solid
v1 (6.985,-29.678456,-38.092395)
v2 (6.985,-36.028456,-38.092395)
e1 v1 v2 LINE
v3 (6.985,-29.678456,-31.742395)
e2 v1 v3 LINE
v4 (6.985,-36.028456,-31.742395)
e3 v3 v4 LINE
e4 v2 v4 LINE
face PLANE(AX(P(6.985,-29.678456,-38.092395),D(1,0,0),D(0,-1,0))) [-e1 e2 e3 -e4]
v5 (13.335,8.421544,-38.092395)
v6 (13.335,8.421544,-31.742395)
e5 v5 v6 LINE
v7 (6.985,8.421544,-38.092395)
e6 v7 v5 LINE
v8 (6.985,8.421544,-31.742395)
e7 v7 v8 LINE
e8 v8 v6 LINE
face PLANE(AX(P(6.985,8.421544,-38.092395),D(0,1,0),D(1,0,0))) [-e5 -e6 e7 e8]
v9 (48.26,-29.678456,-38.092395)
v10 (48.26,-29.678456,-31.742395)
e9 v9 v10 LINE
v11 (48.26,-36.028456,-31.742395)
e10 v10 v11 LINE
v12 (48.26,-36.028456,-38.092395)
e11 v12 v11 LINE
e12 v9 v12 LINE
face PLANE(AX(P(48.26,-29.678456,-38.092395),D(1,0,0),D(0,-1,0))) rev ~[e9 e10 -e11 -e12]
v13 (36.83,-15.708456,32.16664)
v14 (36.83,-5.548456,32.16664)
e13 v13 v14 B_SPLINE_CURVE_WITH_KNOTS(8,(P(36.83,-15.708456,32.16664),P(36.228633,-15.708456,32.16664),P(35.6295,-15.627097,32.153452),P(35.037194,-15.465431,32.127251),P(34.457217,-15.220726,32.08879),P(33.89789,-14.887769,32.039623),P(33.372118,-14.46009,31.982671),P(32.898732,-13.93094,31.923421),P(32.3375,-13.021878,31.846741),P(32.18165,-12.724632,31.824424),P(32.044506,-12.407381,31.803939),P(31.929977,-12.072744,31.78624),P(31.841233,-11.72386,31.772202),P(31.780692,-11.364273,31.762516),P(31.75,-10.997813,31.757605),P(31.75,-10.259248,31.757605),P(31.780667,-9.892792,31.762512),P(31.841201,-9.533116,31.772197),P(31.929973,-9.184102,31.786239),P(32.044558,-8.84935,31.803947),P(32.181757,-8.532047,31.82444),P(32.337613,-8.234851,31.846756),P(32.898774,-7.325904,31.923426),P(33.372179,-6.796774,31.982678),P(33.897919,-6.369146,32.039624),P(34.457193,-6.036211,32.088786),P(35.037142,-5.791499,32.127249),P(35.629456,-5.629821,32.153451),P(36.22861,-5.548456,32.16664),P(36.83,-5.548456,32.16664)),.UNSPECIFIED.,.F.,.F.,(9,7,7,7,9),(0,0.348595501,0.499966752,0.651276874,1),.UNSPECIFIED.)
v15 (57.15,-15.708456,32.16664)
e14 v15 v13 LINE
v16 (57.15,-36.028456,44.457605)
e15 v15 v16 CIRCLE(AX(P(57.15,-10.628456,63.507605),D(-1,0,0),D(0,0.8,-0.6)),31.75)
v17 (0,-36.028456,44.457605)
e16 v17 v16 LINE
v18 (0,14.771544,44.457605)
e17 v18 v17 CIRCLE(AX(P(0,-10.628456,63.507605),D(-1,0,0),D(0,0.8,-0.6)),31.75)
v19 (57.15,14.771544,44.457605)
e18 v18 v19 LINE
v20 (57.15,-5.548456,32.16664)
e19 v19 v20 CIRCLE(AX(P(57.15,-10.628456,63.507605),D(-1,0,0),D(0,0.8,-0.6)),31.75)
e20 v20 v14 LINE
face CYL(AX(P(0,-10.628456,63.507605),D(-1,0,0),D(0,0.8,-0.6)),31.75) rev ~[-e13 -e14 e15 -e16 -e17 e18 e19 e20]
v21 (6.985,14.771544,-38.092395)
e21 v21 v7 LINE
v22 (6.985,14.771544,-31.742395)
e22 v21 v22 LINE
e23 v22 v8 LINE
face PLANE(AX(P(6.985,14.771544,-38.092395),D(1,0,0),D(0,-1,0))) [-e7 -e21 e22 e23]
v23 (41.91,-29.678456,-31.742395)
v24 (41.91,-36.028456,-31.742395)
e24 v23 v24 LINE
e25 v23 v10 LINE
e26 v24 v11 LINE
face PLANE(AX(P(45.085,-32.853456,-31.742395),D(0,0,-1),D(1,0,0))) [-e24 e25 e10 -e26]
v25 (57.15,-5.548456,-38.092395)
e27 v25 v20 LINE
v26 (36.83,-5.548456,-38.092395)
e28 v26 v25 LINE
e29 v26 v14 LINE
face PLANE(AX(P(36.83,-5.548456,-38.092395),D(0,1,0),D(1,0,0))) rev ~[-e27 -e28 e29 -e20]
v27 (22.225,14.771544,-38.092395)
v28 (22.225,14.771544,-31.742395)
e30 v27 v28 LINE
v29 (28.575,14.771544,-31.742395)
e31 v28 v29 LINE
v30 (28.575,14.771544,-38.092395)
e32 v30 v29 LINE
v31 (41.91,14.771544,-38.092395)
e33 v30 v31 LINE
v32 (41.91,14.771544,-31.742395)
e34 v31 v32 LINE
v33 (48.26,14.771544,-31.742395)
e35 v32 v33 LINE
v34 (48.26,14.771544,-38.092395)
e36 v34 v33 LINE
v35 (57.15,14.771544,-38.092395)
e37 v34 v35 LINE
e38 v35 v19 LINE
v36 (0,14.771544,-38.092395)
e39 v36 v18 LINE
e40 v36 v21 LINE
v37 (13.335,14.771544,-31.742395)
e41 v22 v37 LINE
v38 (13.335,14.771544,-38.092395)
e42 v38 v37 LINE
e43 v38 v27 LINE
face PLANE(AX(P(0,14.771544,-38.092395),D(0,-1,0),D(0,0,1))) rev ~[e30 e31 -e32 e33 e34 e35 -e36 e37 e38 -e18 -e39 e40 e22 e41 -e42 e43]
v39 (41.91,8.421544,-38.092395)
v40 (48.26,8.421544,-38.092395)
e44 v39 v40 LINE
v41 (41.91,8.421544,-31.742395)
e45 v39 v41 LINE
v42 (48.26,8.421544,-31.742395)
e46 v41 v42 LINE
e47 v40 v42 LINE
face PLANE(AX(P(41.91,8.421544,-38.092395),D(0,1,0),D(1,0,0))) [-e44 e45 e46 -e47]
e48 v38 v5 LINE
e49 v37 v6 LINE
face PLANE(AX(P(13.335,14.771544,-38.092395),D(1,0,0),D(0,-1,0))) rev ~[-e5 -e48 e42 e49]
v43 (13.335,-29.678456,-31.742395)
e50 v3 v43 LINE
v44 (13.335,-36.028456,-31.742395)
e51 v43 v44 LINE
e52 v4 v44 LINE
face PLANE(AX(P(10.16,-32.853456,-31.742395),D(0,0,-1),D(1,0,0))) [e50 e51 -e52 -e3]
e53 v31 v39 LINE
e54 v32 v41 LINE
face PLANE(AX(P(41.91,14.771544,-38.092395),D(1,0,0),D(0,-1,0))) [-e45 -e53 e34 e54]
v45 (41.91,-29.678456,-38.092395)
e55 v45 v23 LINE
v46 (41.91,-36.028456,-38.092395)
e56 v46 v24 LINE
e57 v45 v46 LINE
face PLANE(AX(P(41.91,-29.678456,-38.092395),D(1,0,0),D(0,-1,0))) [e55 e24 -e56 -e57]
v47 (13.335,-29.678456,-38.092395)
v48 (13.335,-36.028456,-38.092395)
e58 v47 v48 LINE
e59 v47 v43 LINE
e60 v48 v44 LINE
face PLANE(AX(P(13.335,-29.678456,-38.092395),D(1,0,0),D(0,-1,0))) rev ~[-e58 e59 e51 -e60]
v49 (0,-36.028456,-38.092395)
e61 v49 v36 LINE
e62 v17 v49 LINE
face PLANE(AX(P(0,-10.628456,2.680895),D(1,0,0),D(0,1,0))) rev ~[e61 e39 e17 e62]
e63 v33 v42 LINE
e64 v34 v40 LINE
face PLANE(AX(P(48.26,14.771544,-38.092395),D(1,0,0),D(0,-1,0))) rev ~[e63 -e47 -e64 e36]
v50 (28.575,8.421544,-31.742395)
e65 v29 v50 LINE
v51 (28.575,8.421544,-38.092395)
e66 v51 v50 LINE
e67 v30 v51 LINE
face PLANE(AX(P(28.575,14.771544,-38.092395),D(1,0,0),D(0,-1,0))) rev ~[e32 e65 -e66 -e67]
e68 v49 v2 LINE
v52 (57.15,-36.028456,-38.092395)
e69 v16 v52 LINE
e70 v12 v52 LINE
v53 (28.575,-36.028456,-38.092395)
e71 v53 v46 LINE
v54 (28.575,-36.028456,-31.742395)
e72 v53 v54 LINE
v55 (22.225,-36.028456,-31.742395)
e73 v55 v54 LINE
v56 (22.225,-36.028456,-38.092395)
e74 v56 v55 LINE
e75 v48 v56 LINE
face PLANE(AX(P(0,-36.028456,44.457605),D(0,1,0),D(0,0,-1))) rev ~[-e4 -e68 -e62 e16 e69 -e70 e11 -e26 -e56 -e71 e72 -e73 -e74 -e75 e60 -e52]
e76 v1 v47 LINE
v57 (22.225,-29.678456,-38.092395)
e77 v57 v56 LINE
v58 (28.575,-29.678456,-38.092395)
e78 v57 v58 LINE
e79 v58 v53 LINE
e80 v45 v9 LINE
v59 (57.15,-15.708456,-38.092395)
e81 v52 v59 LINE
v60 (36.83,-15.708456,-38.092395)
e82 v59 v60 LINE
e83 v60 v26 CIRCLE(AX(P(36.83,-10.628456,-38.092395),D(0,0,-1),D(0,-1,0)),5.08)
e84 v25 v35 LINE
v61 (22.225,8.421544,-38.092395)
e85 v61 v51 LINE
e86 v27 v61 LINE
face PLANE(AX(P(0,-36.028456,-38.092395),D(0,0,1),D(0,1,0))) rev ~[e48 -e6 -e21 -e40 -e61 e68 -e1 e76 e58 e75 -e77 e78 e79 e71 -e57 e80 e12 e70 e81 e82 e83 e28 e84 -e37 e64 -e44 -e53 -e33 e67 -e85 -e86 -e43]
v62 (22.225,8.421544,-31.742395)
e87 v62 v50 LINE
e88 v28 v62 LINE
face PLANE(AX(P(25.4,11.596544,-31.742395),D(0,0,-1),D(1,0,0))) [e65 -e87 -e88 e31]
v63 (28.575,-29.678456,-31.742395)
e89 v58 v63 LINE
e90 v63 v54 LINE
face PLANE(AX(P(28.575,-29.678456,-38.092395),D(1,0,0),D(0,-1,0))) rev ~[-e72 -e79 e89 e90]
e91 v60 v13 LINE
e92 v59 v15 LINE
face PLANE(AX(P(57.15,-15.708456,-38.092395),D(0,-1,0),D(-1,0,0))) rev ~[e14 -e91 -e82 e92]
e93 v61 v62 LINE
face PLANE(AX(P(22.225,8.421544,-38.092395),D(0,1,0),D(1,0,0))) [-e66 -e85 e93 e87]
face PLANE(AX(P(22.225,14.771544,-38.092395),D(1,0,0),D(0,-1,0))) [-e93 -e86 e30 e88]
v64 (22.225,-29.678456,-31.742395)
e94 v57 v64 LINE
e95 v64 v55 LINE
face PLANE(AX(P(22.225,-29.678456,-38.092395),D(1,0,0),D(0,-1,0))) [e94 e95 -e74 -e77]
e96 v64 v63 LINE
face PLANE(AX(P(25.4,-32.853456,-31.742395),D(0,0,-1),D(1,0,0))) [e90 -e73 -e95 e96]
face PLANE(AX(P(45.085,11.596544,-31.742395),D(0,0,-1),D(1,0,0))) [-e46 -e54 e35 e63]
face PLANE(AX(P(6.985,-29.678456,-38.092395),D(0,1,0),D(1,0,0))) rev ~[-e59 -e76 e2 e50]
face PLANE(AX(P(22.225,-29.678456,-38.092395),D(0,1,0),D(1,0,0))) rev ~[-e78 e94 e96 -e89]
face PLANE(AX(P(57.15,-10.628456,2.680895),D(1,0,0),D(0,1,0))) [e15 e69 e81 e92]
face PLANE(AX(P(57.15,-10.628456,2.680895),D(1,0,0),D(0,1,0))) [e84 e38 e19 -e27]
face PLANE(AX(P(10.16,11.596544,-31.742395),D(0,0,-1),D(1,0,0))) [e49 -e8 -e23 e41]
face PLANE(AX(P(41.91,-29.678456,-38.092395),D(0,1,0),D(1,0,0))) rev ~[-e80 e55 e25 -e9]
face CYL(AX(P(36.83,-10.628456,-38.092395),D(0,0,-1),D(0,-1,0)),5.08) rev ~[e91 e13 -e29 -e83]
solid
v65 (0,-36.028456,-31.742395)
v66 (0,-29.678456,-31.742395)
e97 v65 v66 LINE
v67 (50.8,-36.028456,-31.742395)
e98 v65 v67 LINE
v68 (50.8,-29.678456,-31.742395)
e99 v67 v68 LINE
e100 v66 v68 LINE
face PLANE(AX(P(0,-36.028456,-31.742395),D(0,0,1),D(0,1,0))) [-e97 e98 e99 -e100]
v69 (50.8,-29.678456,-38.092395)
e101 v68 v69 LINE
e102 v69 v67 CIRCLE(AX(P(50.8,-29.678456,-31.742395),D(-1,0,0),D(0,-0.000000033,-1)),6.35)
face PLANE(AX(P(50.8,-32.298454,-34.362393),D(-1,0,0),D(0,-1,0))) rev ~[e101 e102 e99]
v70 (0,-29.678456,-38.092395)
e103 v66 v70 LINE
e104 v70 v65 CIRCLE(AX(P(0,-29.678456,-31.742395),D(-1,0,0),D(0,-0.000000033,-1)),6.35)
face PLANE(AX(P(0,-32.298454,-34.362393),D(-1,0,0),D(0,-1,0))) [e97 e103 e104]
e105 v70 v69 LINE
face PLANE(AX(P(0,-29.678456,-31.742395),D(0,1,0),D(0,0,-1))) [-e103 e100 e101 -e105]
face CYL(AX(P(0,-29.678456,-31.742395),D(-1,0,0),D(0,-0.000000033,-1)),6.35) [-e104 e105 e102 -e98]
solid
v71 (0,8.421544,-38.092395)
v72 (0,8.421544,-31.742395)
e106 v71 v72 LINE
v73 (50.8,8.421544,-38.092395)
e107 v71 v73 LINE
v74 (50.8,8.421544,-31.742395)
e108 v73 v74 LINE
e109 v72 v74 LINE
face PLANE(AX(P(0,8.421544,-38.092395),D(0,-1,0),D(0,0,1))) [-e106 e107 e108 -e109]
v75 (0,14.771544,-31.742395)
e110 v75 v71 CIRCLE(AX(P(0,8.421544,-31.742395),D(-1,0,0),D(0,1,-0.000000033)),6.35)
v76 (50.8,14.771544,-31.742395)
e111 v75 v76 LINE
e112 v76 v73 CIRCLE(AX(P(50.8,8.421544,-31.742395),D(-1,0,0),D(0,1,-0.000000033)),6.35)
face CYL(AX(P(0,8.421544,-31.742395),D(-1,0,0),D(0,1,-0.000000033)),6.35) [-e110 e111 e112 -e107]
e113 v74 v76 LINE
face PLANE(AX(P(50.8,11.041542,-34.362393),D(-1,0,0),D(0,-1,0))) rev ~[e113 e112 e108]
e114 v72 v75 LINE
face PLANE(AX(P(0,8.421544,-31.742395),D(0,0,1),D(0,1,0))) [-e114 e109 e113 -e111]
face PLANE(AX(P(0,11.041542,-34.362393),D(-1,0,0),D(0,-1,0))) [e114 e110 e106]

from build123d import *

# Parameters (mm, degrees)
F1_DEPTH = 57.15
F4_DEPTH = 101.6
F5_W     = 6.35
F5_H     = 6.35
F6_DEPTH = 6.35
F8_DEPTH = 50.8


with BuildPart() as f1:
    # F0 (on Right) → F1 (new body)
    with BuildSketch(Plane.YZ):
        with BuildLine():
            Line((-36.028456, 44.457605), (-36.028456, -38.092395))
            Line((-36.028456, -38.092395), (14.771544, -38.092395))
            Line((14.771544, -38.092395), (14.771544, 44.457605))
            ThreePointArc((14.771544, 44.457605), (-10.628456, 31.757605), (-36.028456, 44.457605))
        make_face()
    extrude(amount=F1_DEPTH)

    # F3 (on face) → F4 (cut)
    with BuildSketch(Plane(origin=(0, 0, -38.092395), x_dir=(1, 0, 0), z_dir=(0, 0, -1))):
        with BuildLine():
            Line((57.15, 5.548456), (57.15, 15.708456))
            Line((57.15, 15.708456), (36.83, 15.708456))
            ThreePointArc((36.83, 15.708456), (31.75, 10.628456), (36.83, 5.548456))
            Line((36.83, 5.548456), (57.15, 5.548456))
        make_face()
    extrude(amount=-F4_DEPTH, mode=Mode.SUBTRACT)

    # F5 (on face) → F6 (cut)
    with BuildSketch(Plane(origin=(0, 0, -38.092395), x_dir=(1, 0, 0), z_dir=(0, 0, -1))):
        with Locations((45.085, 32.853456)):
            Rectangle(F5_W, F5_H)
        with Locations((25.4, 32.853456)):
            Rectangle(F5_W, F5_H)
        with Locations((25.4, -11.596544)):
            Rectangle(F5_W, F5_H)
        with Locations((45.085, -11.596544)):
            Rectangle(F5_W, F5_H)
        with Locations((10.16, 32.853456)):
            Rectangle(F5_W, F5_H)
        with Locations((10.16, -11.596544)):
            Rectangle(F5_W, F5_H)
    extrude(amount=-F6_DEPTH, mode=Mode.SUBTRACT)


with BuildPart() as f8:
    # F7 (on face) → F8 (new body)
    with BuildSketch(Plane(origin=(0, 0, 0), x_dir=(0, -1, 0), z_dir=(-1, 0, 0))):
        with BuildLine():
            ThreePointArc((29.678456, -38.092395), (34.168584, -36.232523), (36.028456, -31.742395))
            Line((36.028456, -31.742395), (29.678456, -31.742395))
            Line((29.678456, -31.742395), (29.678456, -38.092395))
        make_face()
        with BuildLine():
            Line((-8.421544, -31.742395), (-14.771544, -31.742395))
            ThreePointArc((-14.771544, -31.742395), (-12.911672, -36.232523), (-8.421544, -38.092395))
            Line((-8.421544, -38.092395), (-8.421544, -31.742395))
        make_face()
    extrude(amount=-F8_DEPTH)


solid = Compound([f1.part, f8.part])
